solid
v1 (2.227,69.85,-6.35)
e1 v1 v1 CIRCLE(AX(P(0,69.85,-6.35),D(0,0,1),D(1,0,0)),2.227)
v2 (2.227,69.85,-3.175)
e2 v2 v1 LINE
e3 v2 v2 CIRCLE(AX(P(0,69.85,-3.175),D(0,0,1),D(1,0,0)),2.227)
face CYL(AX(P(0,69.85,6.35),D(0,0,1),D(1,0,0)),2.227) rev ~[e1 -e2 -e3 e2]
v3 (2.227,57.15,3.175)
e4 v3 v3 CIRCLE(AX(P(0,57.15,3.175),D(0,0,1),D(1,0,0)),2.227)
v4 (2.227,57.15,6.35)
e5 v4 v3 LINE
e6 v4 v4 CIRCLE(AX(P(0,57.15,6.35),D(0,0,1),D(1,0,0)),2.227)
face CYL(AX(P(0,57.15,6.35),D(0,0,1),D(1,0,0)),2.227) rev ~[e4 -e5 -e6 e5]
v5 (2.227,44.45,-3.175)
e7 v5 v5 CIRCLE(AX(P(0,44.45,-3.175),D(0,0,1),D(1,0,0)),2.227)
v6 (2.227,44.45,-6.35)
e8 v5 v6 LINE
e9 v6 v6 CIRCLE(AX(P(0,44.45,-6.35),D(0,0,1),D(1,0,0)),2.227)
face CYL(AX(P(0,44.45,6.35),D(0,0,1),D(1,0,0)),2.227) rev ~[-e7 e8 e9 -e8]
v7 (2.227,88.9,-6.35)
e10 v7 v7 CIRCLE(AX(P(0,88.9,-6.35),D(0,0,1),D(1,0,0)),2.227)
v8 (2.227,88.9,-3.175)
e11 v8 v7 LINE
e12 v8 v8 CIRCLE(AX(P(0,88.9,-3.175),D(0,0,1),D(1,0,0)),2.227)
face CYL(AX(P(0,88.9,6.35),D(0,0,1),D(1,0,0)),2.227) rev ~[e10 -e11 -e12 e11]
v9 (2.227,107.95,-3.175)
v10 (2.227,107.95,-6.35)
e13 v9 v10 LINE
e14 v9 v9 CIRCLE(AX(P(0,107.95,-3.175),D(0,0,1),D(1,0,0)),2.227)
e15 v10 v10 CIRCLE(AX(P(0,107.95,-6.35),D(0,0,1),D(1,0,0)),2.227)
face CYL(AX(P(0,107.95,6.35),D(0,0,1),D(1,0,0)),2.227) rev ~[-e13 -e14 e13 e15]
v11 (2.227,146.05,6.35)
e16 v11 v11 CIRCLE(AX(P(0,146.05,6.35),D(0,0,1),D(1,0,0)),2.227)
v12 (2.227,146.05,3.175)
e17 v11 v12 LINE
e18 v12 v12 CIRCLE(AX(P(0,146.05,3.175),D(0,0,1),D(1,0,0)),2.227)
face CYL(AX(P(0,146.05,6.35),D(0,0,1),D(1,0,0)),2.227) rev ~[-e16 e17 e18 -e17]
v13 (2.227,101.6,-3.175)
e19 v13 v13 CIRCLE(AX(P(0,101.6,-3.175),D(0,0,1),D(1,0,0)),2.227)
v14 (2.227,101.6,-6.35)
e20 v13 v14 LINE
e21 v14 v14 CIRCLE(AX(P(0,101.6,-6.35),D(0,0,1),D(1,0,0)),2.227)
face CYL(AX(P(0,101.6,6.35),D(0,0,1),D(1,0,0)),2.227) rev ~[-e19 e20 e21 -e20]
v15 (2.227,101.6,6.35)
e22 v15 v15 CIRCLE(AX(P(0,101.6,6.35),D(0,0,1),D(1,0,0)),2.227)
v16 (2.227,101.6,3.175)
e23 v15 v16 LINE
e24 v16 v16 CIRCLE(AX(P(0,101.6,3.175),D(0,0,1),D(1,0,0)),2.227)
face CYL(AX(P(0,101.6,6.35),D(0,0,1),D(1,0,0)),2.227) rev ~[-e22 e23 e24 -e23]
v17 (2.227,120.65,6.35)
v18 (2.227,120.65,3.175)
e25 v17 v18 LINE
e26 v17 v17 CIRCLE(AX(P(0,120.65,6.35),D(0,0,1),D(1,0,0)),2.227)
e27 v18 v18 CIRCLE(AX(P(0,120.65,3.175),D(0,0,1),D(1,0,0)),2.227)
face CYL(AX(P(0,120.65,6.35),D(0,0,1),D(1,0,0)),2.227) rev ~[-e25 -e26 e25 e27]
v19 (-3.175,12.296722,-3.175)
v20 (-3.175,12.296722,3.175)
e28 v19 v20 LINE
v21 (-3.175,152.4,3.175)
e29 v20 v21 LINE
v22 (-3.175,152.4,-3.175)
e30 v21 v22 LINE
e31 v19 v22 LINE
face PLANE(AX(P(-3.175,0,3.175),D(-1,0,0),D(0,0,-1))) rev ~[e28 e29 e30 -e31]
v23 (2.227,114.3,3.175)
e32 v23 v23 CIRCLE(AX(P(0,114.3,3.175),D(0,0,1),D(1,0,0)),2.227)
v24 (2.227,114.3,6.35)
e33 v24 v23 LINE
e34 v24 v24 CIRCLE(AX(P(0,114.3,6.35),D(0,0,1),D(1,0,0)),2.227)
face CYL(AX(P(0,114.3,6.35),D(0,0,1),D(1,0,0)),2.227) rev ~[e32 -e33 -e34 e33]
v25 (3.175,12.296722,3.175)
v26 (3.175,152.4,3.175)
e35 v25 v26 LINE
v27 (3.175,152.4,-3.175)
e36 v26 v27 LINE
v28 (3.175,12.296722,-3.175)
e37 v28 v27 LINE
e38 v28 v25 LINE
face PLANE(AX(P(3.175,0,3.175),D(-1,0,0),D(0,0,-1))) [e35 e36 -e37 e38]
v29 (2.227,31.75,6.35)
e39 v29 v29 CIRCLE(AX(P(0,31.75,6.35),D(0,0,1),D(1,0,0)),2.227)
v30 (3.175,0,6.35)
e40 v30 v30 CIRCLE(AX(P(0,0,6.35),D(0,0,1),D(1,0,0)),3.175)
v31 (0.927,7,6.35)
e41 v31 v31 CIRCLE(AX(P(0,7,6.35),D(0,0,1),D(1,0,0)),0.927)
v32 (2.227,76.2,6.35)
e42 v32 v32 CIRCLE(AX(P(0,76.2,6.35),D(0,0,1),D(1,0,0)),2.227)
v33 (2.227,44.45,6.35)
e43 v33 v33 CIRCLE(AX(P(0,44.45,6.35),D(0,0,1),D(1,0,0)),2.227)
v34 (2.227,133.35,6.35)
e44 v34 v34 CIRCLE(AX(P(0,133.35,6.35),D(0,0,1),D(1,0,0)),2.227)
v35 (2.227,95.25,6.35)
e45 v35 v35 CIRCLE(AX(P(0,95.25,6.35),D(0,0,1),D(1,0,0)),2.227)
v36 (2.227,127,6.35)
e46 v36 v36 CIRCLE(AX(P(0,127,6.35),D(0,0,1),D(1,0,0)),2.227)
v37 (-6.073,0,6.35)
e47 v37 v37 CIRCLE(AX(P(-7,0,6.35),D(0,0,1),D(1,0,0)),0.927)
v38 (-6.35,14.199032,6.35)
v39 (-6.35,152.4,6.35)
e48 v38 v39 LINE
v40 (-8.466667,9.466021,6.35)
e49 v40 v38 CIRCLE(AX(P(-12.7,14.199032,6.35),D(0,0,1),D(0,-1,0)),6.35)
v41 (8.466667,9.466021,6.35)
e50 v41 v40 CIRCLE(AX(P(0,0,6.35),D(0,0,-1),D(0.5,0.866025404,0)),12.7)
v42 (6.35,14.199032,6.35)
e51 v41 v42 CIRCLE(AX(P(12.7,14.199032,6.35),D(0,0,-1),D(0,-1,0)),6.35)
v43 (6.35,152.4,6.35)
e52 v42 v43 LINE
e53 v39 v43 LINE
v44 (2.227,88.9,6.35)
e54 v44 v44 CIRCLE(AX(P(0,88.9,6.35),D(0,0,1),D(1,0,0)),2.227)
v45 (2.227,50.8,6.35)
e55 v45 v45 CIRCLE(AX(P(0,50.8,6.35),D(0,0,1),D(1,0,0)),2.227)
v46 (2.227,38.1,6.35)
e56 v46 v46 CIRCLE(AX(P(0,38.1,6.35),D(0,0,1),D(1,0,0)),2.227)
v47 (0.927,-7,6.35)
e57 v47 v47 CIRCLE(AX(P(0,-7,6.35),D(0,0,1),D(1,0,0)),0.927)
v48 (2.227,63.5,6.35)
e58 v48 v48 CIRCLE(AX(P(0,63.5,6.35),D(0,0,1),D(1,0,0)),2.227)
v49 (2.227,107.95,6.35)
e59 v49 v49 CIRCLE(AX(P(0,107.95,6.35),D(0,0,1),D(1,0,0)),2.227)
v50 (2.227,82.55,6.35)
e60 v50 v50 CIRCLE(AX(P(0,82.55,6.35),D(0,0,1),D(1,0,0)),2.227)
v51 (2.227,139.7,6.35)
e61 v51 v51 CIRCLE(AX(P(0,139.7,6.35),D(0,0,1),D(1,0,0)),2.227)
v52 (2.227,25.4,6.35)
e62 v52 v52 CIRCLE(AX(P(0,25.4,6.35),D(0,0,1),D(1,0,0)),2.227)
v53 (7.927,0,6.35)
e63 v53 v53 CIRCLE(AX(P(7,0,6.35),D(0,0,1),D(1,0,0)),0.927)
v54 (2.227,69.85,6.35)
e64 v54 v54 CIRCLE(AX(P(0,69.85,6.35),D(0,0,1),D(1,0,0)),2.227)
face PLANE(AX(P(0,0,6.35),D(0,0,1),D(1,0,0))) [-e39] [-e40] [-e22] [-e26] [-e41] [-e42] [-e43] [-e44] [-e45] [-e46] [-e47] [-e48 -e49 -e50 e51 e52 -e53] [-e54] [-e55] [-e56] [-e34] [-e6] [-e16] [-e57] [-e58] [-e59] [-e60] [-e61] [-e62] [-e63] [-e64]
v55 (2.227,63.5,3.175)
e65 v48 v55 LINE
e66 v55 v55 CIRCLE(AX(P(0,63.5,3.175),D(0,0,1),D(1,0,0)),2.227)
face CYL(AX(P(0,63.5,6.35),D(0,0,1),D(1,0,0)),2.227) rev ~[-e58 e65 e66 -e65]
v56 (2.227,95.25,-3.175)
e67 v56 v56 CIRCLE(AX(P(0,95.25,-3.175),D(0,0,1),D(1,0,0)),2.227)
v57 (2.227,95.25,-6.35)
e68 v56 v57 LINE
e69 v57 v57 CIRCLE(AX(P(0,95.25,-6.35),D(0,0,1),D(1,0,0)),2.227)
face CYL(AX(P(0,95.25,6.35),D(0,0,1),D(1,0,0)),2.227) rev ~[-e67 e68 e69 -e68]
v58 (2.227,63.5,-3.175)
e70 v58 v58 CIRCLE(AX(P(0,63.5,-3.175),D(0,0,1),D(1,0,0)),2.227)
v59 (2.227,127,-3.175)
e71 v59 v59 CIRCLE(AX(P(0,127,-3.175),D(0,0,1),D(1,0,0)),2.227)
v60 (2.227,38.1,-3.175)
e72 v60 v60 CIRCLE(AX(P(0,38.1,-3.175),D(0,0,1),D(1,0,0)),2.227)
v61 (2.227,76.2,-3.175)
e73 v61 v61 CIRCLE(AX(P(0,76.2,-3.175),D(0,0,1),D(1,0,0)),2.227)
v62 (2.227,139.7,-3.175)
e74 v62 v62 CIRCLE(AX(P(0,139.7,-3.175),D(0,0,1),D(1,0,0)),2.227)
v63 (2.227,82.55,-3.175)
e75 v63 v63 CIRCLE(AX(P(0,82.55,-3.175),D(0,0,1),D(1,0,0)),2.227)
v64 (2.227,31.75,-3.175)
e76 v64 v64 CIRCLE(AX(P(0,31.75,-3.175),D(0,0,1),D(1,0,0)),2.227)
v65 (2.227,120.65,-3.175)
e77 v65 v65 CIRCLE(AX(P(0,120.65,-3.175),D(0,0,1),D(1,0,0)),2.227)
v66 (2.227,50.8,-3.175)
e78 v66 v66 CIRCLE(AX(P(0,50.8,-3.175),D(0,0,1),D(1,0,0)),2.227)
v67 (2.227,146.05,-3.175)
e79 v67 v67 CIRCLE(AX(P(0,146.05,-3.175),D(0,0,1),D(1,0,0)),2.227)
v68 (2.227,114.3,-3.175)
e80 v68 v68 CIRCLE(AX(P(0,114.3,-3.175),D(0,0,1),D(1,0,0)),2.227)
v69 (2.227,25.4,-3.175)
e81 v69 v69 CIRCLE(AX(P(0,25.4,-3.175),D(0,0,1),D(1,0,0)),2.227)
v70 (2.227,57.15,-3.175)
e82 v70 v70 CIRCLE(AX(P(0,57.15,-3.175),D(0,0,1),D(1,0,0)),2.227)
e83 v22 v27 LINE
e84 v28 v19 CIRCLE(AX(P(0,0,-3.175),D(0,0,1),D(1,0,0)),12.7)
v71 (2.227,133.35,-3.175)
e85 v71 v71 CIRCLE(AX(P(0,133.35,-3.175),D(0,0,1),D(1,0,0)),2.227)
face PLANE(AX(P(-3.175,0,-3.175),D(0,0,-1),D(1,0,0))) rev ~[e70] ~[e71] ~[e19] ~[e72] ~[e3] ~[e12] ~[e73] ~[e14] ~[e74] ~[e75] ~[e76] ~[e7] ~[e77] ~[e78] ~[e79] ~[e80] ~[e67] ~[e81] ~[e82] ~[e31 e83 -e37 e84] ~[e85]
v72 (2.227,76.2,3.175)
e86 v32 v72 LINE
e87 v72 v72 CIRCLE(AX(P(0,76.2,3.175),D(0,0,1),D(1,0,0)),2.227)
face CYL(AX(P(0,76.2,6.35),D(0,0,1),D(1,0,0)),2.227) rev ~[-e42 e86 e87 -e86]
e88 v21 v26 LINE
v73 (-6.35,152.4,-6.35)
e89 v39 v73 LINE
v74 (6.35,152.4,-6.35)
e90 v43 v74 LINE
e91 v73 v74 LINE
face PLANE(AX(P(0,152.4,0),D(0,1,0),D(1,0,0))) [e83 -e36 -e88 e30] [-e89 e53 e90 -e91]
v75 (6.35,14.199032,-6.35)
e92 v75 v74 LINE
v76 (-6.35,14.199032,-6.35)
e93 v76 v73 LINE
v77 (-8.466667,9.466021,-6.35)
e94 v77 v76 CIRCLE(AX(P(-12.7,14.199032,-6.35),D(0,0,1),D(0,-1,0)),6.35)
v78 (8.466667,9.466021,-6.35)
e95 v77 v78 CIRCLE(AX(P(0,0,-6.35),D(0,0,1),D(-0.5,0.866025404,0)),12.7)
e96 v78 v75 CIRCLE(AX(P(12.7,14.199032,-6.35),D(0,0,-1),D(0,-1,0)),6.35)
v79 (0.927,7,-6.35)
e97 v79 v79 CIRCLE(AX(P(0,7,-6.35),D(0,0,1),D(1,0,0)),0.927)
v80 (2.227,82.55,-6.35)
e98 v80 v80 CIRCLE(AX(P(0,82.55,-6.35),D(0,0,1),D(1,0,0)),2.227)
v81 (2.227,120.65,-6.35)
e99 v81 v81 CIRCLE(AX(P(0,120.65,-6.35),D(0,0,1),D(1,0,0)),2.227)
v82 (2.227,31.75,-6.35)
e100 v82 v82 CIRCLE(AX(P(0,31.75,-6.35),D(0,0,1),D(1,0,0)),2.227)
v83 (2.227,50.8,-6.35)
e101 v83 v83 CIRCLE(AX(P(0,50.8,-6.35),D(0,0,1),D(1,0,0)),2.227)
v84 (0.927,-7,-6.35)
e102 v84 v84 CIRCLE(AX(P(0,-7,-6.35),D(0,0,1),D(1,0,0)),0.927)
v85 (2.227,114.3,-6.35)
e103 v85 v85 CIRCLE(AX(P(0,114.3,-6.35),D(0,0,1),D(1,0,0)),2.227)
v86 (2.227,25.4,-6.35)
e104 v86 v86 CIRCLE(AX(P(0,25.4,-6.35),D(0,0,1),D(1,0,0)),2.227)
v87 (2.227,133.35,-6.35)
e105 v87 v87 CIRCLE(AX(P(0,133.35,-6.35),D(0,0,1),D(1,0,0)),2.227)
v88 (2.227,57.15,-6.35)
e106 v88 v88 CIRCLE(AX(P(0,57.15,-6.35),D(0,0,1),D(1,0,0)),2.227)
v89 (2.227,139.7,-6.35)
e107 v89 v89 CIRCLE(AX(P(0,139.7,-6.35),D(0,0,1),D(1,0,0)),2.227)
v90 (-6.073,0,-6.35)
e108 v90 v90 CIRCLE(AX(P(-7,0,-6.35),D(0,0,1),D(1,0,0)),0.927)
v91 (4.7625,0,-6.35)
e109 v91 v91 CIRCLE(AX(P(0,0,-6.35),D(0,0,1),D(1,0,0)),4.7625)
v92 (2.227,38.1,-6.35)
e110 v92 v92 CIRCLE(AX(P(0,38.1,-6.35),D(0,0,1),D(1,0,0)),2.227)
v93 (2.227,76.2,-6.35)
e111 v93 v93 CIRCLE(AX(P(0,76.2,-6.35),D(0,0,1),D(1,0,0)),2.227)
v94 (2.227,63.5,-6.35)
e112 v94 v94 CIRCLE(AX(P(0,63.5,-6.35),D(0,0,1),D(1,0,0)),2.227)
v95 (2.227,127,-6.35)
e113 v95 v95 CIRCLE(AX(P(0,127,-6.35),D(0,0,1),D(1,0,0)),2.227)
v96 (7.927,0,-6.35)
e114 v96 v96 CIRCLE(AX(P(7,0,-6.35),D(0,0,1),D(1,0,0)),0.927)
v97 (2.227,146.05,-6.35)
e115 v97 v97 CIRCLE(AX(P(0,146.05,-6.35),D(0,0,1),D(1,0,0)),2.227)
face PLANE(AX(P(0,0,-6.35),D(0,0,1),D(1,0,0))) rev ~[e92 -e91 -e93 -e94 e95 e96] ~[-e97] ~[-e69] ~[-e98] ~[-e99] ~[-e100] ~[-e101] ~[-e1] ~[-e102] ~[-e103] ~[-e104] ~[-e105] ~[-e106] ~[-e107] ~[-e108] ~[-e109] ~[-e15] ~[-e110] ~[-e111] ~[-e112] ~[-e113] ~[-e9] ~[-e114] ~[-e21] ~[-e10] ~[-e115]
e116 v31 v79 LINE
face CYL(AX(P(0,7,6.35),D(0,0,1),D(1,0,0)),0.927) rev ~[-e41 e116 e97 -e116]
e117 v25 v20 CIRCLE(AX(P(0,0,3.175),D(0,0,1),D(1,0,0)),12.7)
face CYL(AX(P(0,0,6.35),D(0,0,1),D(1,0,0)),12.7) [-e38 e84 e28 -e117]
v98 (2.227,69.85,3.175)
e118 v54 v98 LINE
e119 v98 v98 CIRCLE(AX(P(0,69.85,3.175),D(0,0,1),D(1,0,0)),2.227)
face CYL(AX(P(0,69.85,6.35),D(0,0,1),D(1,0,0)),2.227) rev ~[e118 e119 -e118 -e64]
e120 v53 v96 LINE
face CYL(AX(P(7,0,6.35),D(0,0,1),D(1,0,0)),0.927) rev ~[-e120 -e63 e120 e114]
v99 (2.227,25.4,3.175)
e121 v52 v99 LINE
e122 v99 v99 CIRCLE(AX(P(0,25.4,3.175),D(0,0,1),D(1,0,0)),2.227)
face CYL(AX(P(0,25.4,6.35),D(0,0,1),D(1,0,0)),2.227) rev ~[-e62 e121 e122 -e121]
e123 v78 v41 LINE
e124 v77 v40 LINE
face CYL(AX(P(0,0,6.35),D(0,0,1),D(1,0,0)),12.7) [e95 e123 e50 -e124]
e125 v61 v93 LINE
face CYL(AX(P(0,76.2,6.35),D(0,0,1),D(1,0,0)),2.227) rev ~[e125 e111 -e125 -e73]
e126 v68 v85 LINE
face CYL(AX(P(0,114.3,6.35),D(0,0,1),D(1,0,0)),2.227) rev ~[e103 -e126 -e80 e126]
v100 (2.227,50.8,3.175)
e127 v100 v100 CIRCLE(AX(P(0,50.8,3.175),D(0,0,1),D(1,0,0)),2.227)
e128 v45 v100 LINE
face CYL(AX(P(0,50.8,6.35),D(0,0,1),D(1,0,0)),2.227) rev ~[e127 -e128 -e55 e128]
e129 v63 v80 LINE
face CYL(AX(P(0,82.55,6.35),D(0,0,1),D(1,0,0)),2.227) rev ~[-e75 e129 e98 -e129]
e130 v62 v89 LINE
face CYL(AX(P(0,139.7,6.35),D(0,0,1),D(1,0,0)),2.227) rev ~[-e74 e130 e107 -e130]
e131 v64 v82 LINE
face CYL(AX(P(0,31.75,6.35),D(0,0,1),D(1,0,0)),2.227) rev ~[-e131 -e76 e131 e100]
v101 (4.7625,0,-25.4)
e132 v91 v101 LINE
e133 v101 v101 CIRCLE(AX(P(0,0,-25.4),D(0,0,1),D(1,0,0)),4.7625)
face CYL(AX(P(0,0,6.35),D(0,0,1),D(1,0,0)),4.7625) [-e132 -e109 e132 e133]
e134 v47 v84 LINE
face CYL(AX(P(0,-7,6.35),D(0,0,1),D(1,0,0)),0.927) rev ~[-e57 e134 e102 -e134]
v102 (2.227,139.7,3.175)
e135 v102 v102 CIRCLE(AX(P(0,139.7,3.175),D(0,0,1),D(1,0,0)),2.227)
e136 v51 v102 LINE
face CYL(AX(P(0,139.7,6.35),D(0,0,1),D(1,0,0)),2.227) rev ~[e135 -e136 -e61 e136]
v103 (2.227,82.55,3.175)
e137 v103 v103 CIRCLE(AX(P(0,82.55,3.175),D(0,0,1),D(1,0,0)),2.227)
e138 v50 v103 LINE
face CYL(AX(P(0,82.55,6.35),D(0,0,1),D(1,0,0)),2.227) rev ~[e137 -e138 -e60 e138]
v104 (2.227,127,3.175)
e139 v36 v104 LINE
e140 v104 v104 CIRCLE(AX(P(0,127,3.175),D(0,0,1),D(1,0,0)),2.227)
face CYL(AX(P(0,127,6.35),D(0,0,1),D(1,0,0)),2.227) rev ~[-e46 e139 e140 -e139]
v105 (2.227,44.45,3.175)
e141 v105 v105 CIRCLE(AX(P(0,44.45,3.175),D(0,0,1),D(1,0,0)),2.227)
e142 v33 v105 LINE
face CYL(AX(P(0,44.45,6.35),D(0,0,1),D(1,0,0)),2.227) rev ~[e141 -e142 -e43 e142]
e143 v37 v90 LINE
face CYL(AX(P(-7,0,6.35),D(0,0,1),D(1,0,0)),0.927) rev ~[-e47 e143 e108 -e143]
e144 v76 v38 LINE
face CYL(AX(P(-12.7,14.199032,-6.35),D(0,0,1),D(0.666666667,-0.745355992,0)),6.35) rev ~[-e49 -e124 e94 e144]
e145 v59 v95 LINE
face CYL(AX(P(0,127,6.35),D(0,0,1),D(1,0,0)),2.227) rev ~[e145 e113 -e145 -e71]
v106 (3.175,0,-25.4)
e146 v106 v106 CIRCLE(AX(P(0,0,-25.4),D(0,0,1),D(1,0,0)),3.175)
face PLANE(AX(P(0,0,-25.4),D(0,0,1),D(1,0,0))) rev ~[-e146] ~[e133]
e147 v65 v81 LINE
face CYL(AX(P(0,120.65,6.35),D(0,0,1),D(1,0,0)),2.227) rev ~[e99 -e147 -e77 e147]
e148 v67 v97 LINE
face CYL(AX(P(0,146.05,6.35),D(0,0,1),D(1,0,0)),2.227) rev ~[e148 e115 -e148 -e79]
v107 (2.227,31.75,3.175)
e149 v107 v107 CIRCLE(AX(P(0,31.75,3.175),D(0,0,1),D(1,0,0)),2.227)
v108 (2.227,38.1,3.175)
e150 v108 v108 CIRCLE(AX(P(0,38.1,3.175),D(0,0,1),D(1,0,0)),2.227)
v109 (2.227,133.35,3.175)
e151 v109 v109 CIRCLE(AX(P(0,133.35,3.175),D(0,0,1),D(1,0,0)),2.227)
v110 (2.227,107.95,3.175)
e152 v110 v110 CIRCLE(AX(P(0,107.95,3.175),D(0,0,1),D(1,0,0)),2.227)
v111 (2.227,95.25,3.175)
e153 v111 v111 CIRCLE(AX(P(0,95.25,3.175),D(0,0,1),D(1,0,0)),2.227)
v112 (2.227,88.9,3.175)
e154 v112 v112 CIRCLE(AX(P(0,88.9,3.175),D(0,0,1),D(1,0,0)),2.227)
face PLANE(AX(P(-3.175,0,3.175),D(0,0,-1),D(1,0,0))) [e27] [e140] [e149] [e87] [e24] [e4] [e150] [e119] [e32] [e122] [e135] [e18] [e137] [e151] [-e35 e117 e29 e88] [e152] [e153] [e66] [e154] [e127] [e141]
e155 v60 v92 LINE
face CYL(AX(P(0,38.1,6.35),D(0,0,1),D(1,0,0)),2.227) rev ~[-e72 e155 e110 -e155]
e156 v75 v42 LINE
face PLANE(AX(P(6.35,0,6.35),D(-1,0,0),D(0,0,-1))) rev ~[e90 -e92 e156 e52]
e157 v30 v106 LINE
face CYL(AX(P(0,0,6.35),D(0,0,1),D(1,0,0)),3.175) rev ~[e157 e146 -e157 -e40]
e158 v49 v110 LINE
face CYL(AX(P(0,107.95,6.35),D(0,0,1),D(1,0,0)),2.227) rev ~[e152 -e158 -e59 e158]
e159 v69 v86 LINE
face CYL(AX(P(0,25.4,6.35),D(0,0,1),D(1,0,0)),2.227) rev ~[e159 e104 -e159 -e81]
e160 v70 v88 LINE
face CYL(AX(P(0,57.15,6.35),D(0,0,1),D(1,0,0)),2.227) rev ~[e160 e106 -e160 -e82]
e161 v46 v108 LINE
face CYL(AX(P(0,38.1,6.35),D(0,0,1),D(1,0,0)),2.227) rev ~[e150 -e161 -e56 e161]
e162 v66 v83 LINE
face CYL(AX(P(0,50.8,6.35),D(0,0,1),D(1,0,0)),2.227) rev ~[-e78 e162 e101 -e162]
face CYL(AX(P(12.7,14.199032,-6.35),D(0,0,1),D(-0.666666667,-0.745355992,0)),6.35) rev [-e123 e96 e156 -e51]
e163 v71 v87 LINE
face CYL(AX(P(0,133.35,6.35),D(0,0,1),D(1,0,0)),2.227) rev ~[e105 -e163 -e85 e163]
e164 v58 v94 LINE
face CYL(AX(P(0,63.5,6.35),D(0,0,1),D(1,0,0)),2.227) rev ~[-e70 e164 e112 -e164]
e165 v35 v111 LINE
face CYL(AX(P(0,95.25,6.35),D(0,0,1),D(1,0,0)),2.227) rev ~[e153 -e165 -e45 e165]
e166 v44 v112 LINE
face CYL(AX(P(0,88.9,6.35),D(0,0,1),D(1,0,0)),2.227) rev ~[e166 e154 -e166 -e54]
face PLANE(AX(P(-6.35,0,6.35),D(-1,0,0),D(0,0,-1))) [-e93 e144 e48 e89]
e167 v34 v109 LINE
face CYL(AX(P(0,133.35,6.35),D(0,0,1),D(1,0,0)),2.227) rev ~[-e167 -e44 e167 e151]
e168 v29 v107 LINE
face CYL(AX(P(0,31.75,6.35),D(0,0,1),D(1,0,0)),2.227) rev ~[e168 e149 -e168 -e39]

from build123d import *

# Parameters (mm, degrees)
SKETCH1_W           = 12.7
SKETCH1_H           = 12.7
SKETCH1_W_2         = 6.35
SKETCH1_H_2         = 6.35
BOSS_EXTRUDE1_DEPTH = 152.4
SKETCH2_R           = 2.226999991
CUT_EXTRUDE1_DEPTH  = 13.7
SKETCH3_R           = 12.7
BOSS_EXTRUDE2_DEPTH = 12.7
SKETCH4_R           = 4.7625
BOSS_EXTRUDE3_DEPTH = 31.75
SKETCH6_R           = 3.175
SKETCH6_R_2         = 0.927000051
CUT_EXTRUDE3_DEPTH  = 32.75
FILLET2_R           = 6.35


with BuildPart() as part:
    # Sketch1 → Boss-Extrude1 (new body)
    with BuildSketch(Plane(origin=(0, 0, 0), x_dir=(1, 0, 0), z_dir=(0, 1, 0))):
        Rectangle(SKETCH1_W, SKETCH1_H)
        Rectangle(SKETCH1_W_2, SKETCH1_H_2, mode=Mode.SUBTRACT)
    extrude(amount=BOSS_EXTRUDE1_DEPTH)

    # Sketch2 → Cut-Extrude1 (cut, through all)
    with BuildSketch(Plane.XY.offset(6.35)):
        with Locations((0, 25.4)):
            Circle(SKETCH2_R)
        with Locations((0, 31.75)):
            Circle(SKETCH2_R)
        with Locations((0, 38.1)):
            Circle(SKETCH2_R)
        with Locations((0, 44.45)):
            Circle(SKETCH2_R)
        with Locations((0, 50.8)):
            Circle(SKETCH2_R)
        with Locations((0, 57.15)):
            Circle(SKETCH2_R)
        with Locations((0, 63.5)):
            Circle(SKETCH2_R)
        with Locations((0, 69.85)):
            Circle(SKETCH2_R)
        with Locations((0, 76.2)):
            Circle(SKETCH2_R)
        with Locations((0, 82.55)):
            Circle(SKETCH2_R)
        with Locations((0, 88.9)):
            Circle(SKETCH2_R)
        with Locations((0, 95.25)):
            Circle(SKETCH2_R)
        with Locations((0, 101.6)):
            Circle(SKETCH2_R)
        with Locations((0, 107.95)):
            Circle(SKETCH2_R)
        with Locations((0, 114.3)):
            Circle(SKETCH2_R)
        with Locations((0, 120.65)):
            Circle(SKETCH2_R)
        with Locations((0, 127)):
            Circle(SKETCH2_R)
        with Locations((0, 133.35)):
            Circle(SKETCH2_R)
        with Locations((0, 139.7)):
            Circle(SKETCH2_R)
        with Locations((0, 146.05)):
            Circle(SKETCH2_R)
    extrude(amount=-CUT_EXTRUDE1_DEPTH, mode=Mode.SUBTRACT)

    # Sketch3 → Boss-Extrude2 (add)
    with BuildSketch(Plane.XY.offset(6.35)):
        Circle(SKETCH3_R)
    extrude(amount=-BOSS_EXTRUDE2_DEPTH)

    # Sketch4 → Boss-Extrude3 (add)
    with BuildSketch(Plane.XY.offset(6.35)):
        Circle(SKETCH4_R)
    extrude(amount=-BOSS_EXTRUDE3_DEPTH)

    # Sketch6 → Cut-Extrude3 (cut, through all)
    with BuildSketch(Plane.XY.offset(6.35)):
        Circle(SKETCH6_R)
        with Locations((6.99999997, 0)):
            Circle(SKETCH6_R_2)
        with Locations((0, -6.99999997)):
            Circle(SKETCH6_R_2)
        with Locations((-6.99999997, 0)):
            Circle(SKETCH6_R_2)
        with Locations((0, 6.99999997)):
            Circle(SKETCH6_R_2)
    extrude(amount=-CUT_EXTRUDE3_DEPTH, mode=Mode.SUBTRACT)

    # Fillet2
    fillet2_edges = [part.edges().sort_by_distance(p)[0] for p in [
        (6.35, 10.998522628, 0),
        (-6.35, 10.998522628, 0),
    ]]
    fillet(fillet2_edges, radius=FILLET2_R)


solid = part.part
